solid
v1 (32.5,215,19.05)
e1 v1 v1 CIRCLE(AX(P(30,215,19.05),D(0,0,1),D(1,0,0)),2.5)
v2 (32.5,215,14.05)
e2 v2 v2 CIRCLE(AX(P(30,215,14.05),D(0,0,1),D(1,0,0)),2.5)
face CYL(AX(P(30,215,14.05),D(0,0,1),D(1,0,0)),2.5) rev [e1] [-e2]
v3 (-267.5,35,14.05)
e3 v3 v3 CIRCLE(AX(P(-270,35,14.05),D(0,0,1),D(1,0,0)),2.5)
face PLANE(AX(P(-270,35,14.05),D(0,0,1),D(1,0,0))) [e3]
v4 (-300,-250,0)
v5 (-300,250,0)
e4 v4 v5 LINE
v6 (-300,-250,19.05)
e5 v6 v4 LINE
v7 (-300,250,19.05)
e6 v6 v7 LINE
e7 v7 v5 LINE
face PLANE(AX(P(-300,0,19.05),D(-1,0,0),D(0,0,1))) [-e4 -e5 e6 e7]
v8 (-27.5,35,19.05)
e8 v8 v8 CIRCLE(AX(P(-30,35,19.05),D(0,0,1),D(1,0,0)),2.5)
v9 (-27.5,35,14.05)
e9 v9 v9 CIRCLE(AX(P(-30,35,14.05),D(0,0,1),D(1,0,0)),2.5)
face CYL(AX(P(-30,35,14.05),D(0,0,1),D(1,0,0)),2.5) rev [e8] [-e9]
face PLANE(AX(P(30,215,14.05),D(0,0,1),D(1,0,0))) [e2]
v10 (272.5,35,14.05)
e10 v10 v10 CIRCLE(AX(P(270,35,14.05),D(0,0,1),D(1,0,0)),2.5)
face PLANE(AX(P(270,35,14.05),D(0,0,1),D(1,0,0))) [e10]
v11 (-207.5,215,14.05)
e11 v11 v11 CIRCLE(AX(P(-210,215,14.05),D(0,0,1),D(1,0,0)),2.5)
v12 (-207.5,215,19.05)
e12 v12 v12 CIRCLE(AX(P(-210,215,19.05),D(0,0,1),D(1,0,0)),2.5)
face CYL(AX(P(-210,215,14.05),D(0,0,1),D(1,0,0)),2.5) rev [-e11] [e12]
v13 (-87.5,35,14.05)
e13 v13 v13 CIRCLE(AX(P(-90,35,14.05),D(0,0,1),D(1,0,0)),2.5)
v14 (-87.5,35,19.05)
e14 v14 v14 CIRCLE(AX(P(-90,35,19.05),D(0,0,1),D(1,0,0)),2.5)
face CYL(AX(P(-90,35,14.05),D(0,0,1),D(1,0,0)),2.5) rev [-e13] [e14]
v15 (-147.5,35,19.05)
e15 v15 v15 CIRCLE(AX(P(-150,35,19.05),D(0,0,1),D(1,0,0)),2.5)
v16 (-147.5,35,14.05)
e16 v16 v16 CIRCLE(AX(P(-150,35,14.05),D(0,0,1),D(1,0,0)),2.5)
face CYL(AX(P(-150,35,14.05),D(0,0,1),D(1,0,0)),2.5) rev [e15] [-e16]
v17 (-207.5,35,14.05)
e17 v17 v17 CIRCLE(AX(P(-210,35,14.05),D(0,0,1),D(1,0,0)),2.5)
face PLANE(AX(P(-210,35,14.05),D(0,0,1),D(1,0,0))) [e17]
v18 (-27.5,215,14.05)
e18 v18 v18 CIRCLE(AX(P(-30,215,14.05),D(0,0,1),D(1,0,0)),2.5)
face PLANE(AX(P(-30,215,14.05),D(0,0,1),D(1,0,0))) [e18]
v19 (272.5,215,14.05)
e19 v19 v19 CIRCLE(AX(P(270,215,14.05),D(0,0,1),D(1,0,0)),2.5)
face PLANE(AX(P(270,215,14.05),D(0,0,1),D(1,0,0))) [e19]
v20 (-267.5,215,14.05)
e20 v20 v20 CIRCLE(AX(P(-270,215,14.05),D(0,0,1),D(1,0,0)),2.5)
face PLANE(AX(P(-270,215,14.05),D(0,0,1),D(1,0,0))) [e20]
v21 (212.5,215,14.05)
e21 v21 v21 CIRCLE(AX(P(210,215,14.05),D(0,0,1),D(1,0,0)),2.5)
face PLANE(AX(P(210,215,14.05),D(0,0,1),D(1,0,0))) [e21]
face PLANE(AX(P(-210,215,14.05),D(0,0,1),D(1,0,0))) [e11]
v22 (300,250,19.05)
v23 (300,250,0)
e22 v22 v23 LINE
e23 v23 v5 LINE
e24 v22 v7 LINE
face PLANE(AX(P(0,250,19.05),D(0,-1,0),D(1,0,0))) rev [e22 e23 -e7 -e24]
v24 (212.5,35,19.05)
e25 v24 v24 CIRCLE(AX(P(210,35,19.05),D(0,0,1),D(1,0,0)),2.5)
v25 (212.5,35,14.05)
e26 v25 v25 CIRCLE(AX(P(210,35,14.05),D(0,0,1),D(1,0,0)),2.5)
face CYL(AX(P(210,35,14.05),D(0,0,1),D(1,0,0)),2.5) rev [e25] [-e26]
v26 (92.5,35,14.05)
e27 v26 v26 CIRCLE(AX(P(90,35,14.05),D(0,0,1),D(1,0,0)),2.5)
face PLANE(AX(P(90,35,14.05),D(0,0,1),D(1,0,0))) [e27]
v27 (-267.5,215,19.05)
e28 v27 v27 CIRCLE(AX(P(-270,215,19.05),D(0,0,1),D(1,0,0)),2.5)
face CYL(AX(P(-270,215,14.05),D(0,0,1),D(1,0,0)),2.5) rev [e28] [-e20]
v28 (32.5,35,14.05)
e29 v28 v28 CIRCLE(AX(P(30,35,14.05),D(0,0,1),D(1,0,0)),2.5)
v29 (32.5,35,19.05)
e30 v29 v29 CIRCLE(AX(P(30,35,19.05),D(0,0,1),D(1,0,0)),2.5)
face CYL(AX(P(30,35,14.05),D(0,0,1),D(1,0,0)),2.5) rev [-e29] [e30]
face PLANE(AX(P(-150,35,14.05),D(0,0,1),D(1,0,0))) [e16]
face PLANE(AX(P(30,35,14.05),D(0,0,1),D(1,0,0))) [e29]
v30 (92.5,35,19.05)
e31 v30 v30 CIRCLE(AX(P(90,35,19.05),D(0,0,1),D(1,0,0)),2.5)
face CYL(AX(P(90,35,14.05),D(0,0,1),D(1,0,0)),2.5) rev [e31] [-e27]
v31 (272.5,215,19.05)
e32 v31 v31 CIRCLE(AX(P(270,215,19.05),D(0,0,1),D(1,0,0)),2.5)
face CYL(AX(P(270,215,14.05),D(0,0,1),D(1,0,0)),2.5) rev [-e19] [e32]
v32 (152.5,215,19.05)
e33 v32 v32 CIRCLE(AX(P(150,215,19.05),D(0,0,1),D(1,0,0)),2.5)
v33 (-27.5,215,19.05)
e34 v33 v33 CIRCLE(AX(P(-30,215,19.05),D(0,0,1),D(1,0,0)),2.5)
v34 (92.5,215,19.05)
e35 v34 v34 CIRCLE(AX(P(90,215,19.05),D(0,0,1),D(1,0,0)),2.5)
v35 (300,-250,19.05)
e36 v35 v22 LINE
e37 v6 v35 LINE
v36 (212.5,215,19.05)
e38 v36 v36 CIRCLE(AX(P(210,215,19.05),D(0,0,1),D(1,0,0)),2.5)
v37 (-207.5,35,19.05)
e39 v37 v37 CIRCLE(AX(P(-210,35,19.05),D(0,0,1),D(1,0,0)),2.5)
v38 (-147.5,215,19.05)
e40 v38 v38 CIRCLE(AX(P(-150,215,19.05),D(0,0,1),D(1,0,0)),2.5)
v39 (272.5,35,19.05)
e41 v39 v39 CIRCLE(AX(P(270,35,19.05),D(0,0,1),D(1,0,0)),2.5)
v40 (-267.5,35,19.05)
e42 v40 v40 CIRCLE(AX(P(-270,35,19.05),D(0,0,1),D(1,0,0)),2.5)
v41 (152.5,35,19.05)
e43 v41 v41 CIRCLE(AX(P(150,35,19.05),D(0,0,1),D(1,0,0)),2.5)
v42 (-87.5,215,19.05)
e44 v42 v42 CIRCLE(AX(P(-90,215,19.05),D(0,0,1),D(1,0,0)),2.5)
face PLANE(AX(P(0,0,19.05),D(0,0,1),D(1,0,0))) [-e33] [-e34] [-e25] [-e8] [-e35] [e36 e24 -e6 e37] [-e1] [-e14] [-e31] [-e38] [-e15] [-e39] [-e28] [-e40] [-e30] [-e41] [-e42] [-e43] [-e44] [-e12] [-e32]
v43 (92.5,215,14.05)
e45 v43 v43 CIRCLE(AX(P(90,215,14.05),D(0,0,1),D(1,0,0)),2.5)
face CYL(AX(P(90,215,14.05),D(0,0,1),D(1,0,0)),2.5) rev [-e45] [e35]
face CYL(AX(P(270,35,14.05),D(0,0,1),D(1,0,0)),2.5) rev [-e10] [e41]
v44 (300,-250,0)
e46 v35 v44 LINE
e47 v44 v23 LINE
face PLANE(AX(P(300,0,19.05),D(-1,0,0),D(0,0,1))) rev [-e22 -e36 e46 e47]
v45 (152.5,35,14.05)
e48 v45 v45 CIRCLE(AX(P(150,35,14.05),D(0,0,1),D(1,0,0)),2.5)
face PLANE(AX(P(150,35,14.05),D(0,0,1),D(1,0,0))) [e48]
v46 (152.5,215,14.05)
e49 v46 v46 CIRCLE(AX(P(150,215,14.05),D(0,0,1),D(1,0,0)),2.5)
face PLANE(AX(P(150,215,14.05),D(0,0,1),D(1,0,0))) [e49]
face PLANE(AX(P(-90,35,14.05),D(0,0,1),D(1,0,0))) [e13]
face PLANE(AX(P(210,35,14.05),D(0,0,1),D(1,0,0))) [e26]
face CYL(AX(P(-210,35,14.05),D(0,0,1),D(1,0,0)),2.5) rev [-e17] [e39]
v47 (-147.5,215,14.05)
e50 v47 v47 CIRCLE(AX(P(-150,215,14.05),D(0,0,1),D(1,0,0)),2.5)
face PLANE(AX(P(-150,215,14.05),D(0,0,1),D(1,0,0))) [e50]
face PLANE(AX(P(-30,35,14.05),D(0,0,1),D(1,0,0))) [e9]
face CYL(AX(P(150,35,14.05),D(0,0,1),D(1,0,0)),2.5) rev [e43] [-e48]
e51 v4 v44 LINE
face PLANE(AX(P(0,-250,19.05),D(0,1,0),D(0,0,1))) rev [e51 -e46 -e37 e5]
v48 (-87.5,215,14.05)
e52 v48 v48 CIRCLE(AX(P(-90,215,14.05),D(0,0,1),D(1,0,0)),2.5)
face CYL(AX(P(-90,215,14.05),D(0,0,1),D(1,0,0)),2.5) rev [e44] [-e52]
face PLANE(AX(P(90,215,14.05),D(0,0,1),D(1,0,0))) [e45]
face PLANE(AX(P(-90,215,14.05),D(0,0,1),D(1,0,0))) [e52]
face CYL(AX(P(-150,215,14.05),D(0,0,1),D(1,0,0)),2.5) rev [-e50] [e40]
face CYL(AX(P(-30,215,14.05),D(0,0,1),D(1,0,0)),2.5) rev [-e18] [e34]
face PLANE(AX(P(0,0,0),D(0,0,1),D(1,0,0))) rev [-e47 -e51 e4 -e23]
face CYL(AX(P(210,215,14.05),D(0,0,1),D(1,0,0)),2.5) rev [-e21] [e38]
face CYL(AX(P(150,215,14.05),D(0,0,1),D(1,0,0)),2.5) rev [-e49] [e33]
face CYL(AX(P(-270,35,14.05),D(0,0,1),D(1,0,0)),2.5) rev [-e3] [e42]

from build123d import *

# Parameters (mm, degrees)
BOSS_EXTRUDE1_DEPTH = 19.05
SKETCH2_R           = 2.5
CUT_EXTRUDE1_DEPTH  = 5


with BuildPart() as part:
    # Sketch1 → Boss-Extrude1 (new body)
    with BuildSketch(Plane.XY):
        Polygon((300, 185), (300, 250), (-300, 250), (-300, -250), (300, -250), align=None)
    extrude(amount=BOSS_EXTRUDE1_DEPTH)

    # Sketch2 → Cut-Extrude1 (cut)
    with BuildSketch(Plane.XY.offset(19.05)):
        with Locations((270, 35)):
            Circle(SKETCH2_R)
        with Locations((210, 35)):
            Circle(SKETCH2_R)
        with Locations((150, 35)):
            Circle(SKETCH2_R)
        with Locations((90, 35)):
            Circle(SKETCH2_R)
        with Locations((30, 35)):
            Circle(SKETCH2_R)
        with Locations((-30, 35)):
            Circle(SKETCH2_R)
        with Locations((-90, 35)):
            Circle(SKETCH2_R)
        with Locations((-150, 35)):
            Circle(SKETCH2_R)
        with Locations((-210, 35)):
            Circle(SKETCH2_R)
        with Locations((-270, 35)):
            Circle(SKETCH2_R)
        with Locations((-270, 215)):
            Circle(SKETCH2_R)
        with Locations((-210, 215)):
            Circle(SKETCH2_R)
        with Locations((-150, 215)):
            Circle(SKETCH2_R)
        with Locations((-90, 215)):
            Circle(SKETCH2_R)
        with Locations((-30, 215)):
            Circle(SKETCH2_R)
        with Locations((30, 215)):
            Circle(SKETCH2_R)
        with Locations((90, 215)):
            Circle(SKETCH2_R)
        with Locations((150, 215)):
            Circle(SKETCH2_R)
        with Locations((210, 215)):
            Circle(SKETCH2_R)
        with Locations((270, 215)):
            Circle(SKETCH2_R)
    extrude(amount=-CUT_EXTRUDE1_DEPTH, mode=Mode.SUBTRACT)


solid = part.part
